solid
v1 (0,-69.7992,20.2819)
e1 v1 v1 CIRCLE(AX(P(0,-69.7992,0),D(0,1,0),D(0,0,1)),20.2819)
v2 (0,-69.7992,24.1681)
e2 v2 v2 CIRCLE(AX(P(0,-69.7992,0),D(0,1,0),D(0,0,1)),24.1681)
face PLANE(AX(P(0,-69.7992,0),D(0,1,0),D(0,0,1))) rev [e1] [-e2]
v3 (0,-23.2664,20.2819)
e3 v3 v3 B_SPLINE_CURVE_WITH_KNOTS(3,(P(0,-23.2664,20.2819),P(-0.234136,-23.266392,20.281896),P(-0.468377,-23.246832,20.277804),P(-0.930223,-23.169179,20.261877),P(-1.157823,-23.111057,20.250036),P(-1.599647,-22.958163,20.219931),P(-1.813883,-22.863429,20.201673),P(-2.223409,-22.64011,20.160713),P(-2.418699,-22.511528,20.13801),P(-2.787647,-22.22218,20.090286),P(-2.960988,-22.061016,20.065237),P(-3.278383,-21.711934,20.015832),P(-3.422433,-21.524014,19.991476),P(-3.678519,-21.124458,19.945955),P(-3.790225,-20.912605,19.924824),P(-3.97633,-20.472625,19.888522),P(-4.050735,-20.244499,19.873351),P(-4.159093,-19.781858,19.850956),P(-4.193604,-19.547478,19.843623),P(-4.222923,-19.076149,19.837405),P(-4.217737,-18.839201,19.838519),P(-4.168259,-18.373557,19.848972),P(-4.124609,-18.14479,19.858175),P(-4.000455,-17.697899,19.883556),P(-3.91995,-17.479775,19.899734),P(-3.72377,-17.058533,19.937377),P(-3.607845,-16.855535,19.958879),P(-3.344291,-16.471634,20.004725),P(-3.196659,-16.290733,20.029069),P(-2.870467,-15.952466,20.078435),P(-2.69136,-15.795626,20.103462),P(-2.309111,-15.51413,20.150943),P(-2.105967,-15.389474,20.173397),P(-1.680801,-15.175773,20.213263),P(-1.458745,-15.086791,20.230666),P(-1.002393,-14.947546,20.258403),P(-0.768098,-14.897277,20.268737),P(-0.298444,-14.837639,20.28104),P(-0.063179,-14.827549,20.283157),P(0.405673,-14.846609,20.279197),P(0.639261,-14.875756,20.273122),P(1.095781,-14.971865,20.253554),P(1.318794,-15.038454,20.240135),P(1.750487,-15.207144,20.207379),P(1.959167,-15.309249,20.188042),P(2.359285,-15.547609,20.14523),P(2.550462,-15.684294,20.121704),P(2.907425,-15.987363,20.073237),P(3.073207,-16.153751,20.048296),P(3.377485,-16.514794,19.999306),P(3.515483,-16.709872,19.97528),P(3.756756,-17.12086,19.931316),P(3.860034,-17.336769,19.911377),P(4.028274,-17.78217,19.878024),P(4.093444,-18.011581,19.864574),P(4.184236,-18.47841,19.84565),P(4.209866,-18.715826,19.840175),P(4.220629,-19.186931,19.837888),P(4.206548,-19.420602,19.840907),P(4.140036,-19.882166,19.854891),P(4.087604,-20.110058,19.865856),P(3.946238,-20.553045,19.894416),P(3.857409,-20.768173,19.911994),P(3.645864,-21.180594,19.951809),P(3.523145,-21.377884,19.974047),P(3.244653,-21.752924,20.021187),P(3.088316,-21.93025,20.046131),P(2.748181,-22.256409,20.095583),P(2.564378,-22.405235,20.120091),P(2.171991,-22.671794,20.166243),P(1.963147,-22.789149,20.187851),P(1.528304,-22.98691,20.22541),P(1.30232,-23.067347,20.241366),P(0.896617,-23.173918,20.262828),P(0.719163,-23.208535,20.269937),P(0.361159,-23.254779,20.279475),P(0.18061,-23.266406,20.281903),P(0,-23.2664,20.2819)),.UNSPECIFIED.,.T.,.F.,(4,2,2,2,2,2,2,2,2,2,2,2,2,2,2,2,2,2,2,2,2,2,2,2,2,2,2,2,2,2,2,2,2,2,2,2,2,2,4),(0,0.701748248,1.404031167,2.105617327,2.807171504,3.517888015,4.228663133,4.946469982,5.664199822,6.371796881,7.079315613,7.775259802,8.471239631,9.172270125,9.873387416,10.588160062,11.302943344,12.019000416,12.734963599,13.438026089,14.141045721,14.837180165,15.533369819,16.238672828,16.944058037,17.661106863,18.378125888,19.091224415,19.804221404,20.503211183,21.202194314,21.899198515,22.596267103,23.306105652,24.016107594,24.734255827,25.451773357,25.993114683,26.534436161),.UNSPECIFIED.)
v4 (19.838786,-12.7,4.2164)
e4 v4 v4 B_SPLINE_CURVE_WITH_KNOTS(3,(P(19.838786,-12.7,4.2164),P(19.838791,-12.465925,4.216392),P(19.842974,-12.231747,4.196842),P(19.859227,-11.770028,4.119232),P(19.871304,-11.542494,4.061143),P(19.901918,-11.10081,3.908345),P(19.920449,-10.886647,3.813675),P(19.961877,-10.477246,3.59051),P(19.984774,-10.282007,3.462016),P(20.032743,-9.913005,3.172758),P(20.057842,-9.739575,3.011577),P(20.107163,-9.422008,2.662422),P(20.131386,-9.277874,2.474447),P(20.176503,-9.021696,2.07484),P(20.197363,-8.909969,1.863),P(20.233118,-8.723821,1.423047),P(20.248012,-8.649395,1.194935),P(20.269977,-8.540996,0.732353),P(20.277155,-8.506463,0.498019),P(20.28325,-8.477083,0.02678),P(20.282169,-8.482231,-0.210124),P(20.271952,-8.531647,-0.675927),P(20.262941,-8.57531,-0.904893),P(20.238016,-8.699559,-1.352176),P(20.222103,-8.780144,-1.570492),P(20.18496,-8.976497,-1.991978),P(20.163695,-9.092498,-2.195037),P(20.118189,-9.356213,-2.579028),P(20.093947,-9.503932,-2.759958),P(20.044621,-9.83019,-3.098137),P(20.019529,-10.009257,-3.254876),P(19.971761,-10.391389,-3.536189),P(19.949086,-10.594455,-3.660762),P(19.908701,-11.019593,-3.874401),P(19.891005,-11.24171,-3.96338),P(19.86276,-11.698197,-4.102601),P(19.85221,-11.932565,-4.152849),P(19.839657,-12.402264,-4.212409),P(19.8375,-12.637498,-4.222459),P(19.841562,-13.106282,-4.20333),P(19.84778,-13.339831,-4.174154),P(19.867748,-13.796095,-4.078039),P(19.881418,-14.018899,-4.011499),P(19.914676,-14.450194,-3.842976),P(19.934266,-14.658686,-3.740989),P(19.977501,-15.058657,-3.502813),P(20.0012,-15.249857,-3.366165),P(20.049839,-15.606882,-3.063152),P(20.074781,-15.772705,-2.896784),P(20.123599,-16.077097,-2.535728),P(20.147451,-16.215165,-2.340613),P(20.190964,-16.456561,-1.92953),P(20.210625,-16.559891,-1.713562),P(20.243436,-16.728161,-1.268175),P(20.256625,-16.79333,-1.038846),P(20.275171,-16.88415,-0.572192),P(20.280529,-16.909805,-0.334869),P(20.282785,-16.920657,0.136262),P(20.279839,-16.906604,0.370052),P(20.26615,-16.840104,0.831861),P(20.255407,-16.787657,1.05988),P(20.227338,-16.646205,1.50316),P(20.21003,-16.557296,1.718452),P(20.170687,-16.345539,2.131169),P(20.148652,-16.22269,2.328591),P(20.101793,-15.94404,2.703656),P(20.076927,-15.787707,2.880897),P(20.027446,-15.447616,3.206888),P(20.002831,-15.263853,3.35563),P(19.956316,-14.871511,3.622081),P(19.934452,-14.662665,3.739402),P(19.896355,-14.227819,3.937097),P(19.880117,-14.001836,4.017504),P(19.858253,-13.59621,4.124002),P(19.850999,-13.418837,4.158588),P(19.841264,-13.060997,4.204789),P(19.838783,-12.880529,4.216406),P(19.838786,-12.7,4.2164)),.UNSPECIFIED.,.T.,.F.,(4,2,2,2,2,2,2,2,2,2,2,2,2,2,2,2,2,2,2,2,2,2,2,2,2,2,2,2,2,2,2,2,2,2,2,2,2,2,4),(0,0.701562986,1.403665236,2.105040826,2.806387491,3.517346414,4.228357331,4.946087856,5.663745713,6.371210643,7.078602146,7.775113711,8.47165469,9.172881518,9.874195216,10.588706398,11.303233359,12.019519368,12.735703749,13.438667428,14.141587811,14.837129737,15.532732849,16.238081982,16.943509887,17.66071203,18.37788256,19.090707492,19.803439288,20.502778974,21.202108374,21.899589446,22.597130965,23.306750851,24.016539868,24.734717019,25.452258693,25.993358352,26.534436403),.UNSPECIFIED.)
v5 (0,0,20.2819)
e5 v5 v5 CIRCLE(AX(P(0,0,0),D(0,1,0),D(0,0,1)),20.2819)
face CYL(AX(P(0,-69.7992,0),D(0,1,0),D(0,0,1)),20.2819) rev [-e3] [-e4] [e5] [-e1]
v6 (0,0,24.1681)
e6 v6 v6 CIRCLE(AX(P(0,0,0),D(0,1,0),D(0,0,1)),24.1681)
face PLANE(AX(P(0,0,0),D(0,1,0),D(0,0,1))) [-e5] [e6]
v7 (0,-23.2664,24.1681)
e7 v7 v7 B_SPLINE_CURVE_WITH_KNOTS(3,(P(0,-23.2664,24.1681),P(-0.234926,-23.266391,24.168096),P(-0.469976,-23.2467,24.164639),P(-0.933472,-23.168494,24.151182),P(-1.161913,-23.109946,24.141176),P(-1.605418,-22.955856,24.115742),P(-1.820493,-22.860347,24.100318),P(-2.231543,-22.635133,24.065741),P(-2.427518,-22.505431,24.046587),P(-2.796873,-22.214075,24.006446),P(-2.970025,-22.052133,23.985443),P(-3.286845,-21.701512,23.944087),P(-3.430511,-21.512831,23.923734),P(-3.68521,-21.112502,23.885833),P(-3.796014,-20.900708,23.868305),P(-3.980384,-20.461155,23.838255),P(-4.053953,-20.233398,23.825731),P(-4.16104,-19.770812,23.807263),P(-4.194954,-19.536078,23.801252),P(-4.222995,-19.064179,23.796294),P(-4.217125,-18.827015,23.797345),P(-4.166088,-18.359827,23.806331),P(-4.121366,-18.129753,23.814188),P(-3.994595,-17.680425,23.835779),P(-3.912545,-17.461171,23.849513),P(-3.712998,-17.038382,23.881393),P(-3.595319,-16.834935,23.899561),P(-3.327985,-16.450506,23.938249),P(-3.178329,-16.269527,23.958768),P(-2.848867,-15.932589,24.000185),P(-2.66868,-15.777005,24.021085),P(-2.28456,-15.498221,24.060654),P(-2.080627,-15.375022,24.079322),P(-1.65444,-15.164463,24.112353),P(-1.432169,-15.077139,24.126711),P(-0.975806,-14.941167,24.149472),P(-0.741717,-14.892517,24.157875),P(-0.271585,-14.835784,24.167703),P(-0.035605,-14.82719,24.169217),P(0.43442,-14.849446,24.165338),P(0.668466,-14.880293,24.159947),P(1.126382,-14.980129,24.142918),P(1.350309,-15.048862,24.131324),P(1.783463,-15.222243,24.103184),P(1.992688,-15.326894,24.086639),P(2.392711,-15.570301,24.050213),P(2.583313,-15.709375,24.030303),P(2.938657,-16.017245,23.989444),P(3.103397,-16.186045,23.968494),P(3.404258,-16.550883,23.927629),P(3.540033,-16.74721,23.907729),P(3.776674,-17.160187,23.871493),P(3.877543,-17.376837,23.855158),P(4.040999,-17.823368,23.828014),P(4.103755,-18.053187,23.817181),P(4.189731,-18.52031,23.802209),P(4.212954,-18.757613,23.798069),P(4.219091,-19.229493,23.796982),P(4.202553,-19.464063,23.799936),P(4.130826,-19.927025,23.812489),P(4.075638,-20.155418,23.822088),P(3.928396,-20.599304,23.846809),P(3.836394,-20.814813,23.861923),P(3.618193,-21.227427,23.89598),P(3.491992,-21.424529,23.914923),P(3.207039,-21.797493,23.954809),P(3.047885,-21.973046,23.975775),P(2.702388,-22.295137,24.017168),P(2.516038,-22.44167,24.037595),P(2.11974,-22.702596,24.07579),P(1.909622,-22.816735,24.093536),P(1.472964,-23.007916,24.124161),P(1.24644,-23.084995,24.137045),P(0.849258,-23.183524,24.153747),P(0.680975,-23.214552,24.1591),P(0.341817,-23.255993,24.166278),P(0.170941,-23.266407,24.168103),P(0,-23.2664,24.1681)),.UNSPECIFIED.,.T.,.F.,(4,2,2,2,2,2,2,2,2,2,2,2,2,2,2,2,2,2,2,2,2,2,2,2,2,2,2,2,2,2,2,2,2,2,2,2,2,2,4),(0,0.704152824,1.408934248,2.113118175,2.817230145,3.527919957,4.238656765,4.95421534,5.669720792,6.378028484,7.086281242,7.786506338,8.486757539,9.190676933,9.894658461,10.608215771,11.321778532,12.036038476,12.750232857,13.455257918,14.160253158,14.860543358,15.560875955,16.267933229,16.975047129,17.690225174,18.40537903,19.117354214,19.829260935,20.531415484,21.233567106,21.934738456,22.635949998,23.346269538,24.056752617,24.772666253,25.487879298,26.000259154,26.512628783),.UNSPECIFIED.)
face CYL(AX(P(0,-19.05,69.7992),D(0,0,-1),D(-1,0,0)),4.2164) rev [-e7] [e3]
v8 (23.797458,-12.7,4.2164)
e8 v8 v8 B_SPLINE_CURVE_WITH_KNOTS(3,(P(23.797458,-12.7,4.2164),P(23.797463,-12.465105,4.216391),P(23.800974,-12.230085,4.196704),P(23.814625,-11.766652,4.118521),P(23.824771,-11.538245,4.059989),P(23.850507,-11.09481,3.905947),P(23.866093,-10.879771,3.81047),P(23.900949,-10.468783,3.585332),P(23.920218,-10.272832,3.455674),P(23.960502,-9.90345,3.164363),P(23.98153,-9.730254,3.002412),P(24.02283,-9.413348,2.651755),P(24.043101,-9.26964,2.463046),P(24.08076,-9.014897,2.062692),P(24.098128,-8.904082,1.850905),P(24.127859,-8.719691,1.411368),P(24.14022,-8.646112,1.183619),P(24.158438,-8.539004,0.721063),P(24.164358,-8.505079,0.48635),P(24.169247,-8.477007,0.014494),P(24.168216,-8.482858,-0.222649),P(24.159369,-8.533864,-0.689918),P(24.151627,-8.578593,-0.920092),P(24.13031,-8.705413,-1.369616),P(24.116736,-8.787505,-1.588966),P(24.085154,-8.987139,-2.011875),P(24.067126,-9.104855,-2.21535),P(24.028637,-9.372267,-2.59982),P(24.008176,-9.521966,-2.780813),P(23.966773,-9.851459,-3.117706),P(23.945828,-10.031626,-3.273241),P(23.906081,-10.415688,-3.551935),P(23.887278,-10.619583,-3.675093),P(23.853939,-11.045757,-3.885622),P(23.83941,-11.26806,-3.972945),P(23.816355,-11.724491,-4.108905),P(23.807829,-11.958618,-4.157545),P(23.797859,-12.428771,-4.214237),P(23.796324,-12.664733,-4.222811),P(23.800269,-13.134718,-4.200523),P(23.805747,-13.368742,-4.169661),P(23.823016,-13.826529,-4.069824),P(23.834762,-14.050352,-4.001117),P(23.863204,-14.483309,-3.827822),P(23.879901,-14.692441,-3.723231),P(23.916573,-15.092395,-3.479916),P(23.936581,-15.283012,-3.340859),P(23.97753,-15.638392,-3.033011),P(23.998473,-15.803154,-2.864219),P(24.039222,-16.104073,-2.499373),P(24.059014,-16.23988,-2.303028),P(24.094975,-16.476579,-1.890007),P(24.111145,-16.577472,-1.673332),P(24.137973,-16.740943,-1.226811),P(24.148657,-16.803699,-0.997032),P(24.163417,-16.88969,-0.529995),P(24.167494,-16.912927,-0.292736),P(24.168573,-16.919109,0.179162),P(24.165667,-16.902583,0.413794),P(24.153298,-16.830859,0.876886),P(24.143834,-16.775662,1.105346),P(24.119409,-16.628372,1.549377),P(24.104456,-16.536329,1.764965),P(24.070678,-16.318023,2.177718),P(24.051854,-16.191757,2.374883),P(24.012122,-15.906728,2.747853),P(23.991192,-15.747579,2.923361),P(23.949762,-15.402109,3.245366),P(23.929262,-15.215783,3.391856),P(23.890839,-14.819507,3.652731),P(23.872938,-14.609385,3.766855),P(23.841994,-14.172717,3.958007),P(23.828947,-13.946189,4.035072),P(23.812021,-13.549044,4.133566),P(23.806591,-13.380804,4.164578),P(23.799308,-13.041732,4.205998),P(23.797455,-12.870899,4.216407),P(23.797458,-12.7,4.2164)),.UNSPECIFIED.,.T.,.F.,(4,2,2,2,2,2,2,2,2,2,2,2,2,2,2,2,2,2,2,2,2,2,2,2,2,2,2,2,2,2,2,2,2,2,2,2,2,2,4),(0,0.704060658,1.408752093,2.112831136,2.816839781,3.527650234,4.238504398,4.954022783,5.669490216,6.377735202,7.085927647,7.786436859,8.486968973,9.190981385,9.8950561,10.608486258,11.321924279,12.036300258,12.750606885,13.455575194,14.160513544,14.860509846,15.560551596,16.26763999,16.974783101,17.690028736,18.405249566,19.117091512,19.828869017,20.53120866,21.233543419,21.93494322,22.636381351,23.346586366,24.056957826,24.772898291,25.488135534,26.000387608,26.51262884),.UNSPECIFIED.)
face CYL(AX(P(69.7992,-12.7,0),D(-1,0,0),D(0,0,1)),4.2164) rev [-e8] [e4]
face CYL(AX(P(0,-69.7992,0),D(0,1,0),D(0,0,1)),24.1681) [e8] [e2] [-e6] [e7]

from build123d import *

# Parameters (mm, degrees)
SKETCH1_R           = 24.1681
BOSS_EXTRUDE1_DEPTH = 69.7992
SKETCH2_R           = 20.2819
CUT_EXTRUDE1_DEPTH  = 78.718224606
SKETCH3_R           = 4.2164
CUT_EXTRUDE2_DEPTH  = 69.7992
SKETCH4_R           = 4.2164
CUT_EXTRUDE3_DEPTH  = 69.7992


with BuildPart() as part:
    # Sketch1 → Boss-Extrude1 (new body)
    with BuildSketch(Plane(origin=(0, 0, 0), x_dir=(1, 0, 0), z_dir=(0, 1, 0))):
        with Locations(Location((0, 0, 0), (0, 0, 270))):
            Circle(SKETCH1_R)
    extrude(amount=-BOSS_EXTRUDE1_DEPTH)

    # Sketch2 → Cut-Extrude1 (cut, through all)
    with BuildSketch(Plane(origin=(0, 0, 0), x_dir=(1, 0, 0), z_dir=(0, 1, 0))):
        with Locations(Location((0, 0, 0), (0, 0, 270))):
            Circle(SKETCH2_R)
    extrude(amount=-CUT_EXTRUDE1_DEPTH, mode=Mode.SUBTRACT)

    # Sketch3 → Cut-Extrude2 (cut)
    with BuildSketch(Plane.XY):
        with Locations(Location((0, -19.05, 0), (0, 0, 270))):
            Circle(SKETCH3_R)
    extrude(amount=CUT_EXTRUDE2_DEPTH, mode=Mode.SUBTRACT)

    # Sketch4 → Cut-Extrude3 (cut)
    with BuildSketch(Plane(origin=(0, 0, 0), x_dir=(0, 0, -1), z_dir=(1, 0, 0))):
        with Locations(Location((0, -12.7, 0), (0, 0, 180))):
            Circle(SKETCH4_R)
    extrude(amount=CUT_EXTRUDE3_DEPTH, mode=Mode.SUBTRACT)


solid = part.part
